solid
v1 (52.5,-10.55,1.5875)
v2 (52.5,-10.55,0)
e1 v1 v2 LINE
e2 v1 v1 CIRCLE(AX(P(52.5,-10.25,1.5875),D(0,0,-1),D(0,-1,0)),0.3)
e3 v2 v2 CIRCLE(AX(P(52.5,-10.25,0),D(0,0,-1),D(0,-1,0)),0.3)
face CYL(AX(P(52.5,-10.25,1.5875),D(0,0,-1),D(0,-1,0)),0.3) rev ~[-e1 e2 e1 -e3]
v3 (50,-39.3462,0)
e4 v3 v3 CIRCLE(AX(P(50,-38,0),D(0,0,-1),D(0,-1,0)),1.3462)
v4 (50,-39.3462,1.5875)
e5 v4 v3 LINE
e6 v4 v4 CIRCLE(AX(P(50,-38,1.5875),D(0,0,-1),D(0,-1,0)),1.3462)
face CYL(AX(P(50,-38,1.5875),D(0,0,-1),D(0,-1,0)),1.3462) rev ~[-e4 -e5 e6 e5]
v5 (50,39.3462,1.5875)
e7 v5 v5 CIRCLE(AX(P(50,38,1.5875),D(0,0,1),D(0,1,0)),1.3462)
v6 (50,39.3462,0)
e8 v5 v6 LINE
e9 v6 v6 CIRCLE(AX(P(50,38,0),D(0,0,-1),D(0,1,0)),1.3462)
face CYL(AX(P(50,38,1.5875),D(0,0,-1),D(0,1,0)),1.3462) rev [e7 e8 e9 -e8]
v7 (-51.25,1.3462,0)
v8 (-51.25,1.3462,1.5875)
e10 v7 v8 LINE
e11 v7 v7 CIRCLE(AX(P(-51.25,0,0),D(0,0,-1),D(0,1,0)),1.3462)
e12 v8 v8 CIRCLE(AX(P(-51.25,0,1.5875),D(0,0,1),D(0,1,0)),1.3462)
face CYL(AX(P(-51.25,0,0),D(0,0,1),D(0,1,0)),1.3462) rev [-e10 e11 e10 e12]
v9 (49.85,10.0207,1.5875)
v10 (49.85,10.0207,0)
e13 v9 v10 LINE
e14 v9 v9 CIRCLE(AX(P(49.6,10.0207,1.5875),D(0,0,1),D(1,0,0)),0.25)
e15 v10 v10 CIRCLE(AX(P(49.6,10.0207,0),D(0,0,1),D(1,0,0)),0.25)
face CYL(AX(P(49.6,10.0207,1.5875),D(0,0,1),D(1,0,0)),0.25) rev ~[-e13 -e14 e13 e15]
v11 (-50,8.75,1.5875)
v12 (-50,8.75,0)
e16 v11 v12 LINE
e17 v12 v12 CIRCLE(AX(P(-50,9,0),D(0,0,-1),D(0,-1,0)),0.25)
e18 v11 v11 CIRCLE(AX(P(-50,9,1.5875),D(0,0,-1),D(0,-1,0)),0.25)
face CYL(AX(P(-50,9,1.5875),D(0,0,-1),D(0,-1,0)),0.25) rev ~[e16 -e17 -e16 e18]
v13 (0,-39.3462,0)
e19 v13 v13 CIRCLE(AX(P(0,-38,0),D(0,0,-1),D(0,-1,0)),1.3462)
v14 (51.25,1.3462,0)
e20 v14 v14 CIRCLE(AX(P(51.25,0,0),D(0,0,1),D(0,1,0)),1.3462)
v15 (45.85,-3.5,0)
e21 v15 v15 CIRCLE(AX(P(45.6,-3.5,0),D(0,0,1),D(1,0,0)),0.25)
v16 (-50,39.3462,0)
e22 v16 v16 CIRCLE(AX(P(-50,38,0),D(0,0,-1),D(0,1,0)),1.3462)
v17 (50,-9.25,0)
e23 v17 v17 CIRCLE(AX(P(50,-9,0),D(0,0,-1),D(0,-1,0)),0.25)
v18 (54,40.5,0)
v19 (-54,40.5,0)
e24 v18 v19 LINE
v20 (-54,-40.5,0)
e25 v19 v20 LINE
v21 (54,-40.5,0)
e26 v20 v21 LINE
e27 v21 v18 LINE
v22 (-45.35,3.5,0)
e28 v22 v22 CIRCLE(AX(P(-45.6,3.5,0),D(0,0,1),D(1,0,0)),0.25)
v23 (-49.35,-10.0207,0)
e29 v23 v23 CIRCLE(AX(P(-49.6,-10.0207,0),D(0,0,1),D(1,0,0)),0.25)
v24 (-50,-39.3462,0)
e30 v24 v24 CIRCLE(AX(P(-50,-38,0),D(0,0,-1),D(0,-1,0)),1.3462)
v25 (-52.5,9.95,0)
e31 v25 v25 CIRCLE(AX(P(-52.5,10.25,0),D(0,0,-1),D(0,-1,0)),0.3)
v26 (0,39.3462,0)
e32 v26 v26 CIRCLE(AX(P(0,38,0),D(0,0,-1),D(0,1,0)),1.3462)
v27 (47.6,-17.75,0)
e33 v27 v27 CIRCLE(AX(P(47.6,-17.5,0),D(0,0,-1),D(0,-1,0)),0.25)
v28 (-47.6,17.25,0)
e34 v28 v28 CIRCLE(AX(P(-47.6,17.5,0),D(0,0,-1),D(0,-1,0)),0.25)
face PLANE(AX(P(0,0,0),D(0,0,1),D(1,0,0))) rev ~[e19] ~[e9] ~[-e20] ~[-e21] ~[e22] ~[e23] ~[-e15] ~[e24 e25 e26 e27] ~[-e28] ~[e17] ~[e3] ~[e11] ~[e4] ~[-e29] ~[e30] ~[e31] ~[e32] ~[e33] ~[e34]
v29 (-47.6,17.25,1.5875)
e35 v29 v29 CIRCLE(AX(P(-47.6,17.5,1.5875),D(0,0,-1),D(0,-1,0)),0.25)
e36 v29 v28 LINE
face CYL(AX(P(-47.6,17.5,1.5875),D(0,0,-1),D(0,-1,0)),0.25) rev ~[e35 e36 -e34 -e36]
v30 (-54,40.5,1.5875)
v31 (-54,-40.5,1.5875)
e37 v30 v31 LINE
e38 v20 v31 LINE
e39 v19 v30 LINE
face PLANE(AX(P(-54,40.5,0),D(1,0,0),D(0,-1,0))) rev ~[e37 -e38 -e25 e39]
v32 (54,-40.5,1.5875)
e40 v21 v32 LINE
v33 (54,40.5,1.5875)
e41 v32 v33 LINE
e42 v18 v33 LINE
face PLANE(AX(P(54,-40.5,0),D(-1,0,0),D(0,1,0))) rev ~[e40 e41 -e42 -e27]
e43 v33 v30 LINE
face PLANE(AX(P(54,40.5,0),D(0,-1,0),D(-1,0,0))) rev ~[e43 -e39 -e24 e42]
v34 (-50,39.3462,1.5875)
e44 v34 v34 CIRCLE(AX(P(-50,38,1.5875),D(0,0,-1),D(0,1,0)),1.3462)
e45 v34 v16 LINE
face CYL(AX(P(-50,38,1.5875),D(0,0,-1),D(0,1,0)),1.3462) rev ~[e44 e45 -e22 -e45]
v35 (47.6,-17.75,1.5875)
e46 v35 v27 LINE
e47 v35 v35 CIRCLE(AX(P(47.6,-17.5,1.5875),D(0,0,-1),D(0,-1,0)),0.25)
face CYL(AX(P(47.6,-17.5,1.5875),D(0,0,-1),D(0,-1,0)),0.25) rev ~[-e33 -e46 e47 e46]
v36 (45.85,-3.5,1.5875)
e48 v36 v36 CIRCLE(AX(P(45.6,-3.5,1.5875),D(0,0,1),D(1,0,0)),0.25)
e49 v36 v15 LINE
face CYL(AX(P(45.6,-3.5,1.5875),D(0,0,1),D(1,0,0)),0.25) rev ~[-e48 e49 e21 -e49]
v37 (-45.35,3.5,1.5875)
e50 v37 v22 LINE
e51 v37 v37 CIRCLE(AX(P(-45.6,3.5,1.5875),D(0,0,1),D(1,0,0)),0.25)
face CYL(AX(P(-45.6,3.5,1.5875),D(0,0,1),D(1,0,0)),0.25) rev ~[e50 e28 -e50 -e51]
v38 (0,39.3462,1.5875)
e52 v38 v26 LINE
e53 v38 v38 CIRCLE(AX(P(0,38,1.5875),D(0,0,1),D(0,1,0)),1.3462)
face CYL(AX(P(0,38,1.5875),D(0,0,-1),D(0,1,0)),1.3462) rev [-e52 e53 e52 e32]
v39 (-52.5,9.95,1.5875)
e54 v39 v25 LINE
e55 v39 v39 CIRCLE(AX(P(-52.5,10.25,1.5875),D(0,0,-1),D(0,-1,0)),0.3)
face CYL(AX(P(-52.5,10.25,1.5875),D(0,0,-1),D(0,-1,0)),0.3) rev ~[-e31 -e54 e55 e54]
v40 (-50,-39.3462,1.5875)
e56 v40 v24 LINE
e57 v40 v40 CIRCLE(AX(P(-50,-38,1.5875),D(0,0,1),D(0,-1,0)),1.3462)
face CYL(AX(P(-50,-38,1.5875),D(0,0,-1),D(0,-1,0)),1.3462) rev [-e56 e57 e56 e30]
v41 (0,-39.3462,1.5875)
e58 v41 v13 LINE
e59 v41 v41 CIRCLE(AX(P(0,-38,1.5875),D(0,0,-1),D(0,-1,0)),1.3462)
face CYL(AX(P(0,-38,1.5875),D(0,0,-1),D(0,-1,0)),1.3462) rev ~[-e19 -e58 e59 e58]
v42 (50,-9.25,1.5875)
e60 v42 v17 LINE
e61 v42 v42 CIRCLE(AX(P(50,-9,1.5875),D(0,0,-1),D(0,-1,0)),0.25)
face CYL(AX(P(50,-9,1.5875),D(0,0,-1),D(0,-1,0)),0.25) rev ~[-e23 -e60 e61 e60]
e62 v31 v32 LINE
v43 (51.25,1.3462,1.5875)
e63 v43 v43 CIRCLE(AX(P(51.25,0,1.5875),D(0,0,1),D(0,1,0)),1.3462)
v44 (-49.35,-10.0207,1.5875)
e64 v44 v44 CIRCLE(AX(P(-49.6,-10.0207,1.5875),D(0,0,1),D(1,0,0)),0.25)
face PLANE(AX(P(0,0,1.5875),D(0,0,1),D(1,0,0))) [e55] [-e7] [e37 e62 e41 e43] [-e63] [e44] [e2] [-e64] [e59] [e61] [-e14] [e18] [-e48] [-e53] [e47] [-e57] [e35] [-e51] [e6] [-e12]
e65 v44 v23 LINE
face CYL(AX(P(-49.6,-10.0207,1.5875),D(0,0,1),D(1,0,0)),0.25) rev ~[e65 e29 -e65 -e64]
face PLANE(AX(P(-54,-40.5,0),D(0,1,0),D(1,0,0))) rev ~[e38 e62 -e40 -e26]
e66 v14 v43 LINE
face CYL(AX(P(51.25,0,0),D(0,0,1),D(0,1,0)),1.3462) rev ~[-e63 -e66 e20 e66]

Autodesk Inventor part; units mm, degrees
ref_plane "YZ Plane" through (0, 0, 0) normal (1, 0, 0) x (0, 1, 0)
ref_plane "XZ Plane" through (0, 0, 0) normal (0, 1, 0) x (-1, 0, 0)
ref_plane "XY Plane" through (0, 0, 0) normal (0, 0, 1) x (1, 0, 0)
sketch "Sketch1" plane through (0, 0, 0) normal (0, 0, 1) x (1, 0, 0)
  line L0 (-54, -40.5) -> (54, -40.5)
  line L1 (54, -40.5) -> (54, 40.5)
  line L2 (54, 40.5) -> (-54, 40.5)
  line L3 (-54, 40.5) -> (-54, -40.5)
  point P0 (0, 0)
  dimension "d0" = 108
  dimension "d1" = 81
  dimension "d2" = 40.5
  dimension "d3" = 54
extrude "Extrusion1" add sketch "Sketch1" along normal blind 1.5875
hole "Hole2" at (50, -38, 1.5875) direction (0, 0, -1) diameter 2.6924 end through all
mirror "Mirror1" about plane through (0, 0, 0) normal (0, 1, 0) of "Hole2"
hole "Hole3" [suppressed]
hole "Hole4" [suppressed]
mirror "Mirror2" about plane through (0, 0, 0) normal (1, 0, 0) of "Hole2", "Mirror1"
hole "Hole5" at (0, -38, 1.5875) direction (0, 0, -1) diameter 2.6924 end through all
mirror "Mirror3" about plane through (0, 0, 0) normal (0, 1, 0) of "Hole5"
hole "Hole6" at (51.25, 0, 0) direction (0, 0, 1) diameter 2.6924 end through all
mirror "Mirror4" about plane through (0, 0, 0) normal (1, 0, 0) of "Hole6"
hole "Hole_spring" at (-47.6, 17.5, 1.5875) direction (0, 0, -1) diameter 0.5 end through all
sketch "Sketch3" plane through (0, 0, 1.5875) normal (0, 0, 1) x (1, 0, 0)
  line L0 (-54, -40.5) -> (-54, 40.5) projected
  line L1 (-54, 40.5) -> (54, 40.5) projected
  line L2 (-47.6, 9.8024) -> (-47.6, -15.4623) construction
  circle A0 centre (-45.6, 3.5) radius 0.25
  circle A1 centre (-49.6, -10.0207) radius 0.25
  point P0 (0, 0)
  point P1 (-46.1616, -3.6859)
  dimension "d243" = 6.4
  dimension "d244" = 2
  dimension "d245" = 2
  dimension "d246" = 14.1
  dimension "d247" = 0.5
  dimension "d248" = 37
extrude "Holes_resistor" cut sketch "Sketch3" against normal through all
hole "Hole_via" at (-50, 9, 1.5875) direction (0, 0, -1) diameter 0.5 end through all
hole "Hole_spring_2" at (47.6, -17.5, 1.5875) direction (0, 0, -1) diameter 0.5 end through all
sketch "Sketch5" plane through (0, 0, 1.5875) normal (0, 0, 1) x (1, 0, 0)
  line L0 (54, -40.5) -> (-54, -40.5) projected
  line L1 (54, 40.5) -> (54, -40.5) projected
  line L2 (47.6, -11.3866) -> (47.6, 14.8402) construction
  circle A0 centre (49.6, 10.0207) radius 0.25
  circle A1 centre (45.6, -3.5) radius 0.25
  point P0 (0, 0)
  dimension "d271" = 6.4
  dimension "d272" = 2
  dimension "d273" = 2
  dimension "d274" = 0.5
  dimension "d275" = 14.1
  dimension "d276" = 37
extrude "Holes_resistor2" cut sketch "Sketch5" against normal through all
hole "Hole_via2" at (50, -9, 1.5875) direction (0, 0, -1) diameter 0.5 end through all
hole "Hole26" at (-52.5, 10.25, 1.5875) direction (0, 0, -1) diameter 0.6 end through all
hole "Hole27" at (52.5, -10.25, 1.5875) direction (0, 0, -1) diameter 0.6 end through all
sketch "Sketch8" plane through (0, 0, 1.5875) normal (0, 0, 1) x (1, 0, 0)
  line L0 (-54, -40.5) -> (-54, 40.5) projected
  line L1 (54, -40.5) -> (-54, -40.5) projected
  line L2 (54, 40.5) -> (54, -40.5) projected
  line L3 (-54, 40.5) -> (54, 40.5) projected
  line L4 (54.0603, -40.4195) -> (-54, -40.5) construction
  line L5 (-54, -40.5) -> (-54.0603, 40.4195) construction
  line L6 (-54.0603, 40.4195) -> (54, 40.5) construction
  line L7 (54, 40.5) -> (54.0603, -40.4195) construction
  point P0 (0, 0)
decal "Decal3"
sketch "Sketch9" plane through (0, 0, 0) normal (0, 0, -1) x (-1, 0, 0)
  line L0 (54, -40.5) -> (-54, -40.5) projected
  line L1 (54, 40.5) -> (54, -40.5) projected
  line L2 (-54, 40.5) -> (54, 40.5) projected
  line L3 (-54, -40.5) -> (-54, 40.5) projected
  line L4 (54.0603, -40.4195) -> (-54, -40.5) construction
  line L5 (-54, -40.5) -> (-54.0603, 40.4195) construction
  line L6 (-54.0603, 40.4195) -> (54, 40.5) construction
  line L7 (54, 40.5) -> (54.0603, -40.4195) construction
  point P0 (0, 0)
decal "Decal4"
equation "\"d283\" = d253"
equation "\"d253\" = 0.5"
properties part number "FOX-ME-127-05" material "FR4"
